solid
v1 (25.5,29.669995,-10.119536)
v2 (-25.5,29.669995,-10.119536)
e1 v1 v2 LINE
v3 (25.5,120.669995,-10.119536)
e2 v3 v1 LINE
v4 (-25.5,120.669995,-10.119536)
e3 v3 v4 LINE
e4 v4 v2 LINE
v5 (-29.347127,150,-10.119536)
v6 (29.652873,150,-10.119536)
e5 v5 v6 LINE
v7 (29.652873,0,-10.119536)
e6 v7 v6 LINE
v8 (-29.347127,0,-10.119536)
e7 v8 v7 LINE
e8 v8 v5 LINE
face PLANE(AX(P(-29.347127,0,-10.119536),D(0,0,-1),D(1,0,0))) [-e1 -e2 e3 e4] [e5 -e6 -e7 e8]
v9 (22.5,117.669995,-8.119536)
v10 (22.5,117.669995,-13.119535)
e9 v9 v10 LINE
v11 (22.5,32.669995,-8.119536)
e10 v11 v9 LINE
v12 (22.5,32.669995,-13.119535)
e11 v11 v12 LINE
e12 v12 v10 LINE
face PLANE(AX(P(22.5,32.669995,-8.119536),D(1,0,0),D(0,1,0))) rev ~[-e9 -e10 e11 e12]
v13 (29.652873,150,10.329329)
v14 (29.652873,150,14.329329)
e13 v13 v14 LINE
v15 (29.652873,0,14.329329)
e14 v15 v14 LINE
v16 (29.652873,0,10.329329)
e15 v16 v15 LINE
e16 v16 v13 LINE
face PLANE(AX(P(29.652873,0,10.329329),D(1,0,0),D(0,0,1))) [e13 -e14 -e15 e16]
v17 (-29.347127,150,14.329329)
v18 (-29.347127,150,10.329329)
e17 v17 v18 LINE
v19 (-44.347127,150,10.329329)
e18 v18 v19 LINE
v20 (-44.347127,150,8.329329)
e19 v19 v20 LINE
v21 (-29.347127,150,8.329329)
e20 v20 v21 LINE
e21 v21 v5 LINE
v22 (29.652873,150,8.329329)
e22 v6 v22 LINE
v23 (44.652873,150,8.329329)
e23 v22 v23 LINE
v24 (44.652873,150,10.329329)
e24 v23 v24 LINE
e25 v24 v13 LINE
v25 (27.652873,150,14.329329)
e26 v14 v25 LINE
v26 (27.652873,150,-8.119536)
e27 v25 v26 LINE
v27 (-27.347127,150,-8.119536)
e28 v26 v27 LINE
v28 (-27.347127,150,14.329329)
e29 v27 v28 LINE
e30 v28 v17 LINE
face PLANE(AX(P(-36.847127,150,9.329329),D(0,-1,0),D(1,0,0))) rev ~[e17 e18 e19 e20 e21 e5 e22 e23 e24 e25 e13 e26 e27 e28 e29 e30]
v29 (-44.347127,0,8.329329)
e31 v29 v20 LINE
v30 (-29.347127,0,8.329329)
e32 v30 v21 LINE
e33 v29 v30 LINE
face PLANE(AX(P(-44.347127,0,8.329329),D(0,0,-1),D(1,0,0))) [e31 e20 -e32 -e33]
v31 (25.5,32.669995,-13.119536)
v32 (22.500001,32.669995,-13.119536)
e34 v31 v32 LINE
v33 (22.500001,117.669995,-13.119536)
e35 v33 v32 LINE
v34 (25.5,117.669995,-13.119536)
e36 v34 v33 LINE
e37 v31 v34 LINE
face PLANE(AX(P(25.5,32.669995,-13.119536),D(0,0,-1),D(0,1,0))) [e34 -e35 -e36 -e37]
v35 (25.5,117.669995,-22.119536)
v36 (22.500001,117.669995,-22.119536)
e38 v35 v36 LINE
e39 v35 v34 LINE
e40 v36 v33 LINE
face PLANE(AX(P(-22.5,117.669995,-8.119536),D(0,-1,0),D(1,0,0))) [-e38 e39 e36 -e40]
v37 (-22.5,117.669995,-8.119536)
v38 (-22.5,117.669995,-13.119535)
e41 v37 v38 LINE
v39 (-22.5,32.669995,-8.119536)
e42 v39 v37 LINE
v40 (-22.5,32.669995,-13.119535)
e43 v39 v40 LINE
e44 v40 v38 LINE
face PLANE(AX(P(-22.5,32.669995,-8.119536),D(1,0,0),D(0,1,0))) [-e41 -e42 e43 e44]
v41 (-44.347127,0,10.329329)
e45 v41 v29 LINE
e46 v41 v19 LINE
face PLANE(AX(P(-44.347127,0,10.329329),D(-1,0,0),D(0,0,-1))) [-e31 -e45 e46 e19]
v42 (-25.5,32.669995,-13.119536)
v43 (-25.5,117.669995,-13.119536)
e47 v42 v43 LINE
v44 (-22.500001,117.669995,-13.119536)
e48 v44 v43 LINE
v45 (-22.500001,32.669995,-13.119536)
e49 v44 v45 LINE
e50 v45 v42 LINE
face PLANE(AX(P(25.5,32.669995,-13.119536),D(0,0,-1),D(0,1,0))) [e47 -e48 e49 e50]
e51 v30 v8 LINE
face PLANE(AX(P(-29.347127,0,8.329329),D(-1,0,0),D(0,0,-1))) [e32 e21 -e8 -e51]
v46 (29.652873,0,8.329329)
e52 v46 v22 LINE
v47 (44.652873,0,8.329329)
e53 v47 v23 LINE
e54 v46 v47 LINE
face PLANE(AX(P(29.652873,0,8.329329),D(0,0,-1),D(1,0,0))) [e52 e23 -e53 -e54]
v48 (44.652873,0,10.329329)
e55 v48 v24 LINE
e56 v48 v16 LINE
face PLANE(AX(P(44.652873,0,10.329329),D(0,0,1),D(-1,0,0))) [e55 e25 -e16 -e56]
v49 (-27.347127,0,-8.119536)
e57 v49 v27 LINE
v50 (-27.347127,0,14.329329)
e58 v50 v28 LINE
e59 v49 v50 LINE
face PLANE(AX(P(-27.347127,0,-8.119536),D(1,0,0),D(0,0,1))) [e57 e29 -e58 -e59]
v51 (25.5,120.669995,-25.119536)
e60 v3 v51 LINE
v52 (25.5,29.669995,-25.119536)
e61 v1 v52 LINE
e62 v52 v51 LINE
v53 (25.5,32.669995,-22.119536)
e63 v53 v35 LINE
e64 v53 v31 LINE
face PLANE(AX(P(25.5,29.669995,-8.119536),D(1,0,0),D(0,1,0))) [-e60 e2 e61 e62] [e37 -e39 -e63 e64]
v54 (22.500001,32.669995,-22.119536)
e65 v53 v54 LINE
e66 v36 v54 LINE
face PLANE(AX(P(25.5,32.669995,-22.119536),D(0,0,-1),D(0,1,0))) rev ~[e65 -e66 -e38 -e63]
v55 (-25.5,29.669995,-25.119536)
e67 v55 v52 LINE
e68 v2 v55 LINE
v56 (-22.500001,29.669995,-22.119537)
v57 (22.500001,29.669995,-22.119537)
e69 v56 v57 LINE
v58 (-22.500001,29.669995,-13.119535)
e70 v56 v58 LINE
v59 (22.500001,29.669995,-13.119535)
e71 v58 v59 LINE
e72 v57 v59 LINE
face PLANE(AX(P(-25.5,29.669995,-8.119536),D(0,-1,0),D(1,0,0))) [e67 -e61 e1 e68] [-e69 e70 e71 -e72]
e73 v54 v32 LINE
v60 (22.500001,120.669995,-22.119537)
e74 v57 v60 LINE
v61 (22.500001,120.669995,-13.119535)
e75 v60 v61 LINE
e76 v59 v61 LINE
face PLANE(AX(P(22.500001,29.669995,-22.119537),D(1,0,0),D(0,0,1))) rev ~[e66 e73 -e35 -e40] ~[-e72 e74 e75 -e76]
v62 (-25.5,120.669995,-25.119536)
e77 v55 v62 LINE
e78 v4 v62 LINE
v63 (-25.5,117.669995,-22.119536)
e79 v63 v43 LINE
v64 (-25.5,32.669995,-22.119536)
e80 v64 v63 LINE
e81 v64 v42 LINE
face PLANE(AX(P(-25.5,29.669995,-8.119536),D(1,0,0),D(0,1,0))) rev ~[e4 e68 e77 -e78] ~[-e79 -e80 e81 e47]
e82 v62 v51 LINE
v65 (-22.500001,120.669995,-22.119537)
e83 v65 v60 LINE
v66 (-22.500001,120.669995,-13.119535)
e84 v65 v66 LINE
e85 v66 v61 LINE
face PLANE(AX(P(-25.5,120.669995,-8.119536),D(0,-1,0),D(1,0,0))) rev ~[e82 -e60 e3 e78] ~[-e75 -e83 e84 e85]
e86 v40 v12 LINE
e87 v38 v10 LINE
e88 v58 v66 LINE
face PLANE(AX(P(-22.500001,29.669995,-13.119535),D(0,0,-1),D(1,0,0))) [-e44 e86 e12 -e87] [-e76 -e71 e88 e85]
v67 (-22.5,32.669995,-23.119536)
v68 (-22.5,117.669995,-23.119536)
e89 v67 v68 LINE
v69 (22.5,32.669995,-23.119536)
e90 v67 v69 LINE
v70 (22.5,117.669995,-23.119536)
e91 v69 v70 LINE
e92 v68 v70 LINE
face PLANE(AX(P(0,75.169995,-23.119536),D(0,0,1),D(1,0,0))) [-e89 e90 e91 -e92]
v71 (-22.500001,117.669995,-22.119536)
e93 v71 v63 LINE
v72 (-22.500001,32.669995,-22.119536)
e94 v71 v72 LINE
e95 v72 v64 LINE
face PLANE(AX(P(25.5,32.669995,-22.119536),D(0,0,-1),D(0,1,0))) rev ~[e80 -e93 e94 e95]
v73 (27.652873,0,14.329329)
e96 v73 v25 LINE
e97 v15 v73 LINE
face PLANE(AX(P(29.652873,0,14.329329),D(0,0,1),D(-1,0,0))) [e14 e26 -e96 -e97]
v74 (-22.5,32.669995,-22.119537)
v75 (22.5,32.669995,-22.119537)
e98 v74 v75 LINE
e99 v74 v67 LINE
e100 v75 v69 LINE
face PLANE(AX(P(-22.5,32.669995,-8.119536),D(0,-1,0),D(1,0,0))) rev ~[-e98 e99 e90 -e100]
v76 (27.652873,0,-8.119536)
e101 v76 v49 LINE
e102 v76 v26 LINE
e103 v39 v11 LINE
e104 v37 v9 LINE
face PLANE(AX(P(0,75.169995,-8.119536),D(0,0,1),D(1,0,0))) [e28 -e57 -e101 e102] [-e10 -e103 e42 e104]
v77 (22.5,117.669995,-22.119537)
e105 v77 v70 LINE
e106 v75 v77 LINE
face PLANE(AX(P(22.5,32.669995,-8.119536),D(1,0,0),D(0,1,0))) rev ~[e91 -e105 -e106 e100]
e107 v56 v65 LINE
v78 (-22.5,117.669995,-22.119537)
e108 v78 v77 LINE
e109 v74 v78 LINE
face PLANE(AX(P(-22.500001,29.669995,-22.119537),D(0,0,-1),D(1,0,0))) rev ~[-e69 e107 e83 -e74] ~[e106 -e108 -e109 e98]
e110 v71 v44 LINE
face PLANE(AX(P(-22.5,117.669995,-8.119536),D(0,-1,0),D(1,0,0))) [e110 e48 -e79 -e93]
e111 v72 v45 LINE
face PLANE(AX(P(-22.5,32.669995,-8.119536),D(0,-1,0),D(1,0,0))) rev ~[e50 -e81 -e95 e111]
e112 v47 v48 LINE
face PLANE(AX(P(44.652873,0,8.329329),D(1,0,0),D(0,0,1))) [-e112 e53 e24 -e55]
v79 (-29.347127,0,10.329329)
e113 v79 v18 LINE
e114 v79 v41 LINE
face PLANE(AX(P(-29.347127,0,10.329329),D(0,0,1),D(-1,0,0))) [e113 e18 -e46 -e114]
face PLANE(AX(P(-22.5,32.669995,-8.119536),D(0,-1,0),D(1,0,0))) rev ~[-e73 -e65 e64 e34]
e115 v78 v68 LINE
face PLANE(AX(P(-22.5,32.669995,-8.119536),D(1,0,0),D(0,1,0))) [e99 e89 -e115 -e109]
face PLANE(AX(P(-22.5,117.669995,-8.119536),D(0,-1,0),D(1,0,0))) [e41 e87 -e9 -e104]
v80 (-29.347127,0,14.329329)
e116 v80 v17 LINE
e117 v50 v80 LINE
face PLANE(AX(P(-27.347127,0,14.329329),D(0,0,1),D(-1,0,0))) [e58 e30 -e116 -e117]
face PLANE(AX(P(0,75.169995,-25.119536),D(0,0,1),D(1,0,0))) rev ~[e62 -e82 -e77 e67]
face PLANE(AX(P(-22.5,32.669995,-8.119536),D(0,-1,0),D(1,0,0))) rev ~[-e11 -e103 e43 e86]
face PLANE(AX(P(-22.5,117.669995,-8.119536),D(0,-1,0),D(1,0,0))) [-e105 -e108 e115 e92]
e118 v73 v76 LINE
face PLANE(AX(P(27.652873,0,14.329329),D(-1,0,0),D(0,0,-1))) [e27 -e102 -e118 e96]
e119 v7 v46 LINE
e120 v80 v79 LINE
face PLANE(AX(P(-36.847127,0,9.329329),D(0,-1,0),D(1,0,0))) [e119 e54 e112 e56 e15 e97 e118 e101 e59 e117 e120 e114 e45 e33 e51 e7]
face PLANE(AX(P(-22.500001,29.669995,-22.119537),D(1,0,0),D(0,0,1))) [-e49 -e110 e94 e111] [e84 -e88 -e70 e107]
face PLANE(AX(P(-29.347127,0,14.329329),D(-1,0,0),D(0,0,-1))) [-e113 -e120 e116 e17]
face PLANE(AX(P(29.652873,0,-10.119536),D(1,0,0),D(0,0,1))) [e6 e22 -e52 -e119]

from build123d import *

# Parameters (mm, degrees)
F1_DEPTH = 150
F2_W     = 51
F2_H     = 91
F2_W_2   = 45
F2_H_2   = 85
F3_DEPTH = 17
F4_DEPTH = 15
F5_W     = 85
F5_H     = 9
F6_DEPTH = 75
F7_W     = 45.0000017881
F7_H     = 9.0000017881
F8_DEPTH = 95


with BuildPart() as f1:
    # F0 (on Front) → F1 (new body)
    with BuildSketch(Plane.XZ):
        Polygon((-44.3471273035, 8.3293294263), (-29.3471273035, 8.3293294263), (-29.3471273035, 10.3293294263), (-30.6854649693, 10.3293294263), (-32.7072627842, 10.3293294263), (-44.3471273035, 10.3293294263), align=None)
        Polygon((-29.3471273035, -10.1195359603), (29.6528726965, -10.1195359603), (29.6528726965, 8.3293294263), (29.6528726965, 10.3293294263), (29.6528726965, 14.3293294263), (27.6528726965, 14.3293294263), (27.6528726965, 10.3293294263), (27.6528726965, 9.2171130797), (27.6528726965, -8.1195359603), (-27.3471273035, -8.1195359603), (-27.3471273035, 9.2171130797), (-27.3471273035, 10.3293294263), (-27.3471273035, 14.3293294263), (-29.3471273035, 14.3293294263), (-29.3471273035, 10.3293294263), (-29.3471273035, 8.3293294263), align=None)
        Polygon((29.6528726965, 10.3293294263), (29.6528726965, 8.3293294263), (44.6528726965, 8.3293294263), (44.6528726965, 10.3293294263), (41.5029401332, 10.3293294263), (33.3236008883, 10.3293294263), align=None)
    extrude(amount=-F1_DEPTH)

    # F2 (on face) → F3 (join)
    with BuildSketch(Plane.XY.offset(-8.1195359603)):
        with Locations((0, 75.1699954271)):
            Rectangle(F2_W, F2_H)
        with Locations((0, 75.1699954271)):
            Rectangle(F2_W_2, F2_H_2, mode=Mode.SUBTRACT)
        with Locations((0, 75.1699954271)):
            Rectangle(F2_W_2, F2_H_2)
    extrude(amount=-F3_DEPTH)

    # F2 (on face) → F4 (cut)
    with BuildSketch(Plane.XY.offset(-8.1195359603)):
        with Locations((0, 75.1699954271)):
            Rectangle(F2_W_2, F2_H_2)
    extrude(amount=-F4_DEPTH, mode=Mode.SUBTRACT)

    # F5 (on face) → F6 (cut)
    with BuildSketch(Plane.YZ.offset(25.5)):
        with Locations((75.1699954271, -17.6195359603)):
            Rectangle(F5_W, F5_H)
    extrude(amount=-F6_DEPTH, mode=Mode.SUBTRACT)

    # F7 (on face) → F8 (cut)
    with BuildSketch(Plane.XZ.offset(-29.6699954271)):
        with Locations((0, -17.6195359603)):
            Rectangle(F7_W, F7_H)
    extrude(amount=-F8_DEPTH, mode=Mode.SUBTRACT)


solid = f1.part
